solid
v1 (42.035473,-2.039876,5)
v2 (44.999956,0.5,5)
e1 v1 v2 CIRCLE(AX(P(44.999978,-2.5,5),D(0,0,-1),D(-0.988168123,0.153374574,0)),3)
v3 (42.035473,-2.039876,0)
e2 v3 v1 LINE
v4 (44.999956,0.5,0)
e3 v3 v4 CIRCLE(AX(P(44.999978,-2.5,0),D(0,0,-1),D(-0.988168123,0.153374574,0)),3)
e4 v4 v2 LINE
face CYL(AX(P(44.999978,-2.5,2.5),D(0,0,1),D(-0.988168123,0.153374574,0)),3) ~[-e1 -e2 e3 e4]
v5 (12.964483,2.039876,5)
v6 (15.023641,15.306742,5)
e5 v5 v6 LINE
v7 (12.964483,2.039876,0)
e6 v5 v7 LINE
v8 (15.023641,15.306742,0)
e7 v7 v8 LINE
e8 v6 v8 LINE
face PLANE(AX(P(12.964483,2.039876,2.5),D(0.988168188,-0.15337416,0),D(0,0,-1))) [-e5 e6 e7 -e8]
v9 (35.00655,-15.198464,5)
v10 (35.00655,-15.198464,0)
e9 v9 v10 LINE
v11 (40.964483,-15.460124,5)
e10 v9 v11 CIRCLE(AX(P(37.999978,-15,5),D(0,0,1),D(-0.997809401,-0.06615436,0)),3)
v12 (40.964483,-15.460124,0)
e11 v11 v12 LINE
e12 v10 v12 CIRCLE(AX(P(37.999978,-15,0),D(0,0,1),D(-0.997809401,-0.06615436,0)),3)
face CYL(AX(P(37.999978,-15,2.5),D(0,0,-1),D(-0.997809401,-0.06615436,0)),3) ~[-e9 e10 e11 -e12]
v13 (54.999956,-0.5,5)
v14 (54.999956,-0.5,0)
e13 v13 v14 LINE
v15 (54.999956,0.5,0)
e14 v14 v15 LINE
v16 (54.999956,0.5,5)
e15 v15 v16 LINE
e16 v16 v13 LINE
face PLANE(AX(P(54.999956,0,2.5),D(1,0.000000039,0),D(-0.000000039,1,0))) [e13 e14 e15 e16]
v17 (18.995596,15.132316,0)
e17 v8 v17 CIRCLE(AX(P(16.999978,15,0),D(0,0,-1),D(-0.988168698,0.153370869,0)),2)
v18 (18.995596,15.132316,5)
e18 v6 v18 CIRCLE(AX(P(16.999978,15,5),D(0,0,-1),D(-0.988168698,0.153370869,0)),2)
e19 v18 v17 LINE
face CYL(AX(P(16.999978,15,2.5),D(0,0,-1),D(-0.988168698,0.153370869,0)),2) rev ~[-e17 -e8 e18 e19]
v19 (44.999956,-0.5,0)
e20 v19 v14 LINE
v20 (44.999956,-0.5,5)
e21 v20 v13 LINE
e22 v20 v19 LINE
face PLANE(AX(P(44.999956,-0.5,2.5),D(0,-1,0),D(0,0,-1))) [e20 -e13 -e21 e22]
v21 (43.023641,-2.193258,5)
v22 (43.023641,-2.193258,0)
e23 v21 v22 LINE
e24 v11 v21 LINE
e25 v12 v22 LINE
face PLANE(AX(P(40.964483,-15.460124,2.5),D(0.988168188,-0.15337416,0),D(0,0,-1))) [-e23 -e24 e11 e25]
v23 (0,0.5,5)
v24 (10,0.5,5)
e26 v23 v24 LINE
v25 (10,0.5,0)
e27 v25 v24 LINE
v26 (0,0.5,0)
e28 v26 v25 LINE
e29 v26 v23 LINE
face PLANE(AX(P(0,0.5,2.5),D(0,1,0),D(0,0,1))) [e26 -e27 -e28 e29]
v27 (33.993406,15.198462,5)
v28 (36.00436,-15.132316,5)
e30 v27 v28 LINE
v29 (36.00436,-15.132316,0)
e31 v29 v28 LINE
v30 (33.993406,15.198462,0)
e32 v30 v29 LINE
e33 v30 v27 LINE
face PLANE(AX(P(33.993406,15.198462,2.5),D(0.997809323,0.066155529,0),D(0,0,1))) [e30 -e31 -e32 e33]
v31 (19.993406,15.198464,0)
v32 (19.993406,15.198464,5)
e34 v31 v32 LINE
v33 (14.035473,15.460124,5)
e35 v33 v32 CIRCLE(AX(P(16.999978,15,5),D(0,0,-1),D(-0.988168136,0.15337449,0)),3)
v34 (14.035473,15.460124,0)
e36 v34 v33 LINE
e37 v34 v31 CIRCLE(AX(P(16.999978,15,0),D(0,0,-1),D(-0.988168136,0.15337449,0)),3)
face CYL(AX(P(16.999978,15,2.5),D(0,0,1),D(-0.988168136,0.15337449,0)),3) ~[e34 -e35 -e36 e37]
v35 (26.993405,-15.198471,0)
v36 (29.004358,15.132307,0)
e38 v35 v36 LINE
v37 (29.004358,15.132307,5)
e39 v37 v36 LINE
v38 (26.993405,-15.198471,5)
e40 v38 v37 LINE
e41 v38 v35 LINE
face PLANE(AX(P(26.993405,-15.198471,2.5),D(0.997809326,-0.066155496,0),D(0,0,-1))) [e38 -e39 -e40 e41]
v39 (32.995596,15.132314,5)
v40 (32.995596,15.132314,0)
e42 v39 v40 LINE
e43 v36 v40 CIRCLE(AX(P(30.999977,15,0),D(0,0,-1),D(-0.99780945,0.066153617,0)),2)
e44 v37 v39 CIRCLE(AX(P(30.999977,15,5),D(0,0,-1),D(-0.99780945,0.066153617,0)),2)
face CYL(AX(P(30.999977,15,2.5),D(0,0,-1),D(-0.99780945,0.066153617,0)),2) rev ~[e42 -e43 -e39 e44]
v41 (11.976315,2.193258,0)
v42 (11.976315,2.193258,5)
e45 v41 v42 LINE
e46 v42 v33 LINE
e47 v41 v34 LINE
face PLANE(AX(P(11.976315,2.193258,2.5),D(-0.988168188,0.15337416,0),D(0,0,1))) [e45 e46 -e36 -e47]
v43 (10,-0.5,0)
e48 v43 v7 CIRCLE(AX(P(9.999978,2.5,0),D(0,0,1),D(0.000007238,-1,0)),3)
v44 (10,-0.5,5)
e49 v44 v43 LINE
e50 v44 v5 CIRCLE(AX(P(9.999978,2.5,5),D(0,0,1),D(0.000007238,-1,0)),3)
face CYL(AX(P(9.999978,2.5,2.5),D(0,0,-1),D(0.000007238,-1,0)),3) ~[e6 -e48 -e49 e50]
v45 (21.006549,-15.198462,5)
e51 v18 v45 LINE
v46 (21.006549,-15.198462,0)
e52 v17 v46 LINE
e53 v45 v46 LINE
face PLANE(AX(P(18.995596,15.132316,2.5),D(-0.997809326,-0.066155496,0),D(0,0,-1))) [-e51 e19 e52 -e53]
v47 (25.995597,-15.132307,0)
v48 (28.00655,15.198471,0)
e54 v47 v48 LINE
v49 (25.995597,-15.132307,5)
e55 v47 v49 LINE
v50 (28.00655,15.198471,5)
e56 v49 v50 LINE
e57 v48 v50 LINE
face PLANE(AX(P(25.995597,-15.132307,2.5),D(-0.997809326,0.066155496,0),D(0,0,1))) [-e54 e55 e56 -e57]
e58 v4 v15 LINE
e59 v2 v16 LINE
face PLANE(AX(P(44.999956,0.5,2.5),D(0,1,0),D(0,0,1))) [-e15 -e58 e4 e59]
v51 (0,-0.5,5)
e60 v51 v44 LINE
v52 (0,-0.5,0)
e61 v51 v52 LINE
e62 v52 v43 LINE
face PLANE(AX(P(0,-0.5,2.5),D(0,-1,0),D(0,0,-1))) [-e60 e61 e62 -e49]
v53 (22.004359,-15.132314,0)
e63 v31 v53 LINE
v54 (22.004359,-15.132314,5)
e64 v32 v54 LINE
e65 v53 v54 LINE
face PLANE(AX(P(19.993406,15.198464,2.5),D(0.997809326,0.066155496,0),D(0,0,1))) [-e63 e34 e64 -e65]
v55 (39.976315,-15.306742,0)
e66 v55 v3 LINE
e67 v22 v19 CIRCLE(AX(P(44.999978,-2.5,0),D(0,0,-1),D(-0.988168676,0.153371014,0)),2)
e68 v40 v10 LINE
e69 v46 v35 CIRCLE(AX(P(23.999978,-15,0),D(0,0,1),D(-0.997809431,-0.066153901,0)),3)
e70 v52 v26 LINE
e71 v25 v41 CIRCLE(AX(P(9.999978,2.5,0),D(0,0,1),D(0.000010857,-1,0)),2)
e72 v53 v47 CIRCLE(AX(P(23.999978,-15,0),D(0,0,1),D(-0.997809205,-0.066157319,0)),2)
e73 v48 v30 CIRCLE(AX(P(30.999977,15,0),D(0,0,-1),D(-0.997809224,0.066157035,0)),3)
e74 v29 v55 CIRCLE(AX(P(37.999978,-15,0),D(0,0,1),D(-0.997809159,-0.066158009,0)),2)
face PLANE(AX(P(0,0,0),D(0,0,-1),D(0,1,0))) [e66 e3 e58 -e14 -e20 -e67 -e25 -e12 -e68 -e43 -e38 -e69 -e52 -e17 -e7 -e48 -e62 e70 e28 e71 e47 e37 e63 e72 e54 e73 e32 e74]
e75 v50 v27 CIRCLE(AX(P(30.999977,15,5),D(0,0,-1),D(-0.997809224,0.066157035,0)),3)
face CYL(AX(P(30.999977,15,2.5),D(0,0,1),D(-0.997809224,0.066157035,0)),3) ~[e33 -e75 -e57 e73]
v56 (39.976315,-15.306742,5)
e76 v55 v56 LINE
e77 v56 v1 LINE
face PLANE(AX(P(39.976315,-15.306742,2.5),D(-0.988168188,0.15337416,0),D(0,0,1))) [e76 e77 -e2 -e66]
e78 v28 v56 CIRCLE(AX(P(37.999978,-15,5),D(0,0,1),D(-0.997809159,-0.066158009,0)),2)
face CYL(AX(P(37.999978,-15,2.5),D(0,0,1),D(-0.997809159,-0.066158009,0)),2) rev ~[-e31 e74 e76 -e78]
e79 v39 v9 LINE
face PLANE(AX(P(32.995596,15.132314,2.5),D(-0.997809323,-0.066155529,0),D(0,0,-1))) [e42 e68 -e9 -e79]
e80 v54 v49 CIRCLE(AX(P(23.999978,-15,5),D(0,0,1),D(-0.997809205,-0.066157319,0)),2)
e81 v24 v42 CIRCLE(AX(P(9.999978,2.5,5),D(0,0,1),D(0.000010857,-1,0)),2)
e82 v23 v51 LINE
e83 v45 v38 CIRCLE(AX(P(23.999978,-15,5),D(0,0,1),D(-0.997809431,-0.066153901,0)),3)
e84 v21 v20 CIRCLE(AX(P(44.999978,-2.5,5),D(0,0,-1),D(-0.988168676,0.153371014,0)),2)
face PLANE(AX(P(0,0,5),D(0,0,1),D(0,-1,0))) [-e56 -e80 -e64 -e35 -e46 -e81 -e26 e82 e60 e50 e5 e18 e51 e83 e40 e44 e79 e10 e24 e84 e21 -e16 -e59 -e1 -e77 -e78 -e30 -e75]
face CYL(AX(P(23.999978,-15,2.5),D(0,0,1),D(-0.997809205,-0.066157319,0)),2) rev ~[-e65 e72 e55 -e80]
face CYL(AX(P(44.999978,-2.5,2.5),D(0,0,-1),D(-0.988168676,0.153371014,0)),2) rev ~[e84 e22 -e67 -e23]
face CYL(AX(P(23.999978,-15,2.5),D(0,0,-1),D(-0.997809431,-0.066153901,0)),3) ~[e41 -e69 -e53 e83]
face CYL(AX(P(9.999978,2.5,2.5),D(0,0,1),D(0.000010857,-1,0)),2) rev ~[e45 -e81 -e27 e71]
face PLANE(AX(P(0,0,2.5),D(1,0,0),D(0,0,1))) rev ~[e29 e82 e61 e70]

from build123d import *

# Parameters (mm, degrees)
SKETCH_W = 1
SKETCH_H = 5


with BuildPart() as part:
    # AdditivePipe: sweep along a path in Sketch001
    with BuildLine(Plane.XY) as additivepipe_path:
        Line((0, 0), (10, 0))
        ThreePointArc((10, 0), (11.62655, 0.60151), (12.470399, 2.116567))
        Line((12.470399, 2.116567), (14.529557, 15.383433))
        ThreePointArc((14.529557, 15.383433), (17.109663, 17.497593), (19.494501, 15.16539))
        Line((19.494501, 15.16539), (21.505454, -15.165388))
        ThreePointArc((21.505454, -15.165388), (23.999977, -17.5), (26.494501, -15.165389))
        Line((26.494501, -15.165389), (28.505454, 15.165389))
        ThreePointArc((28.505454, 15.165389), (30.999978, 17.5), (33.494501, 15.165388))
        Line((33.494501, 15.165388), (35.505455, -15.16539))
        ThreePointArc((35.505455, -15.16539), (37.890292, -17.497593), (40.470399, -15.383433))
        Line((40.470399, -15.383433), (42.529557, -2.116567))
        ThreePointArc((42.529557, -2.116567), (43.373406, -0.60151), (44.999956, 0))
        Line((44.999956, 0), (54.999956, 0))
    # Sketch → AdditivePipe (sweep)
    with BuildSketch(Plane.YZ):
        with Locations((0, 2.5)):
            Rectangle(SKETCH_W, SKETCH_H)
    sweep(path=additivepipe_path.line)


solid = part.part
